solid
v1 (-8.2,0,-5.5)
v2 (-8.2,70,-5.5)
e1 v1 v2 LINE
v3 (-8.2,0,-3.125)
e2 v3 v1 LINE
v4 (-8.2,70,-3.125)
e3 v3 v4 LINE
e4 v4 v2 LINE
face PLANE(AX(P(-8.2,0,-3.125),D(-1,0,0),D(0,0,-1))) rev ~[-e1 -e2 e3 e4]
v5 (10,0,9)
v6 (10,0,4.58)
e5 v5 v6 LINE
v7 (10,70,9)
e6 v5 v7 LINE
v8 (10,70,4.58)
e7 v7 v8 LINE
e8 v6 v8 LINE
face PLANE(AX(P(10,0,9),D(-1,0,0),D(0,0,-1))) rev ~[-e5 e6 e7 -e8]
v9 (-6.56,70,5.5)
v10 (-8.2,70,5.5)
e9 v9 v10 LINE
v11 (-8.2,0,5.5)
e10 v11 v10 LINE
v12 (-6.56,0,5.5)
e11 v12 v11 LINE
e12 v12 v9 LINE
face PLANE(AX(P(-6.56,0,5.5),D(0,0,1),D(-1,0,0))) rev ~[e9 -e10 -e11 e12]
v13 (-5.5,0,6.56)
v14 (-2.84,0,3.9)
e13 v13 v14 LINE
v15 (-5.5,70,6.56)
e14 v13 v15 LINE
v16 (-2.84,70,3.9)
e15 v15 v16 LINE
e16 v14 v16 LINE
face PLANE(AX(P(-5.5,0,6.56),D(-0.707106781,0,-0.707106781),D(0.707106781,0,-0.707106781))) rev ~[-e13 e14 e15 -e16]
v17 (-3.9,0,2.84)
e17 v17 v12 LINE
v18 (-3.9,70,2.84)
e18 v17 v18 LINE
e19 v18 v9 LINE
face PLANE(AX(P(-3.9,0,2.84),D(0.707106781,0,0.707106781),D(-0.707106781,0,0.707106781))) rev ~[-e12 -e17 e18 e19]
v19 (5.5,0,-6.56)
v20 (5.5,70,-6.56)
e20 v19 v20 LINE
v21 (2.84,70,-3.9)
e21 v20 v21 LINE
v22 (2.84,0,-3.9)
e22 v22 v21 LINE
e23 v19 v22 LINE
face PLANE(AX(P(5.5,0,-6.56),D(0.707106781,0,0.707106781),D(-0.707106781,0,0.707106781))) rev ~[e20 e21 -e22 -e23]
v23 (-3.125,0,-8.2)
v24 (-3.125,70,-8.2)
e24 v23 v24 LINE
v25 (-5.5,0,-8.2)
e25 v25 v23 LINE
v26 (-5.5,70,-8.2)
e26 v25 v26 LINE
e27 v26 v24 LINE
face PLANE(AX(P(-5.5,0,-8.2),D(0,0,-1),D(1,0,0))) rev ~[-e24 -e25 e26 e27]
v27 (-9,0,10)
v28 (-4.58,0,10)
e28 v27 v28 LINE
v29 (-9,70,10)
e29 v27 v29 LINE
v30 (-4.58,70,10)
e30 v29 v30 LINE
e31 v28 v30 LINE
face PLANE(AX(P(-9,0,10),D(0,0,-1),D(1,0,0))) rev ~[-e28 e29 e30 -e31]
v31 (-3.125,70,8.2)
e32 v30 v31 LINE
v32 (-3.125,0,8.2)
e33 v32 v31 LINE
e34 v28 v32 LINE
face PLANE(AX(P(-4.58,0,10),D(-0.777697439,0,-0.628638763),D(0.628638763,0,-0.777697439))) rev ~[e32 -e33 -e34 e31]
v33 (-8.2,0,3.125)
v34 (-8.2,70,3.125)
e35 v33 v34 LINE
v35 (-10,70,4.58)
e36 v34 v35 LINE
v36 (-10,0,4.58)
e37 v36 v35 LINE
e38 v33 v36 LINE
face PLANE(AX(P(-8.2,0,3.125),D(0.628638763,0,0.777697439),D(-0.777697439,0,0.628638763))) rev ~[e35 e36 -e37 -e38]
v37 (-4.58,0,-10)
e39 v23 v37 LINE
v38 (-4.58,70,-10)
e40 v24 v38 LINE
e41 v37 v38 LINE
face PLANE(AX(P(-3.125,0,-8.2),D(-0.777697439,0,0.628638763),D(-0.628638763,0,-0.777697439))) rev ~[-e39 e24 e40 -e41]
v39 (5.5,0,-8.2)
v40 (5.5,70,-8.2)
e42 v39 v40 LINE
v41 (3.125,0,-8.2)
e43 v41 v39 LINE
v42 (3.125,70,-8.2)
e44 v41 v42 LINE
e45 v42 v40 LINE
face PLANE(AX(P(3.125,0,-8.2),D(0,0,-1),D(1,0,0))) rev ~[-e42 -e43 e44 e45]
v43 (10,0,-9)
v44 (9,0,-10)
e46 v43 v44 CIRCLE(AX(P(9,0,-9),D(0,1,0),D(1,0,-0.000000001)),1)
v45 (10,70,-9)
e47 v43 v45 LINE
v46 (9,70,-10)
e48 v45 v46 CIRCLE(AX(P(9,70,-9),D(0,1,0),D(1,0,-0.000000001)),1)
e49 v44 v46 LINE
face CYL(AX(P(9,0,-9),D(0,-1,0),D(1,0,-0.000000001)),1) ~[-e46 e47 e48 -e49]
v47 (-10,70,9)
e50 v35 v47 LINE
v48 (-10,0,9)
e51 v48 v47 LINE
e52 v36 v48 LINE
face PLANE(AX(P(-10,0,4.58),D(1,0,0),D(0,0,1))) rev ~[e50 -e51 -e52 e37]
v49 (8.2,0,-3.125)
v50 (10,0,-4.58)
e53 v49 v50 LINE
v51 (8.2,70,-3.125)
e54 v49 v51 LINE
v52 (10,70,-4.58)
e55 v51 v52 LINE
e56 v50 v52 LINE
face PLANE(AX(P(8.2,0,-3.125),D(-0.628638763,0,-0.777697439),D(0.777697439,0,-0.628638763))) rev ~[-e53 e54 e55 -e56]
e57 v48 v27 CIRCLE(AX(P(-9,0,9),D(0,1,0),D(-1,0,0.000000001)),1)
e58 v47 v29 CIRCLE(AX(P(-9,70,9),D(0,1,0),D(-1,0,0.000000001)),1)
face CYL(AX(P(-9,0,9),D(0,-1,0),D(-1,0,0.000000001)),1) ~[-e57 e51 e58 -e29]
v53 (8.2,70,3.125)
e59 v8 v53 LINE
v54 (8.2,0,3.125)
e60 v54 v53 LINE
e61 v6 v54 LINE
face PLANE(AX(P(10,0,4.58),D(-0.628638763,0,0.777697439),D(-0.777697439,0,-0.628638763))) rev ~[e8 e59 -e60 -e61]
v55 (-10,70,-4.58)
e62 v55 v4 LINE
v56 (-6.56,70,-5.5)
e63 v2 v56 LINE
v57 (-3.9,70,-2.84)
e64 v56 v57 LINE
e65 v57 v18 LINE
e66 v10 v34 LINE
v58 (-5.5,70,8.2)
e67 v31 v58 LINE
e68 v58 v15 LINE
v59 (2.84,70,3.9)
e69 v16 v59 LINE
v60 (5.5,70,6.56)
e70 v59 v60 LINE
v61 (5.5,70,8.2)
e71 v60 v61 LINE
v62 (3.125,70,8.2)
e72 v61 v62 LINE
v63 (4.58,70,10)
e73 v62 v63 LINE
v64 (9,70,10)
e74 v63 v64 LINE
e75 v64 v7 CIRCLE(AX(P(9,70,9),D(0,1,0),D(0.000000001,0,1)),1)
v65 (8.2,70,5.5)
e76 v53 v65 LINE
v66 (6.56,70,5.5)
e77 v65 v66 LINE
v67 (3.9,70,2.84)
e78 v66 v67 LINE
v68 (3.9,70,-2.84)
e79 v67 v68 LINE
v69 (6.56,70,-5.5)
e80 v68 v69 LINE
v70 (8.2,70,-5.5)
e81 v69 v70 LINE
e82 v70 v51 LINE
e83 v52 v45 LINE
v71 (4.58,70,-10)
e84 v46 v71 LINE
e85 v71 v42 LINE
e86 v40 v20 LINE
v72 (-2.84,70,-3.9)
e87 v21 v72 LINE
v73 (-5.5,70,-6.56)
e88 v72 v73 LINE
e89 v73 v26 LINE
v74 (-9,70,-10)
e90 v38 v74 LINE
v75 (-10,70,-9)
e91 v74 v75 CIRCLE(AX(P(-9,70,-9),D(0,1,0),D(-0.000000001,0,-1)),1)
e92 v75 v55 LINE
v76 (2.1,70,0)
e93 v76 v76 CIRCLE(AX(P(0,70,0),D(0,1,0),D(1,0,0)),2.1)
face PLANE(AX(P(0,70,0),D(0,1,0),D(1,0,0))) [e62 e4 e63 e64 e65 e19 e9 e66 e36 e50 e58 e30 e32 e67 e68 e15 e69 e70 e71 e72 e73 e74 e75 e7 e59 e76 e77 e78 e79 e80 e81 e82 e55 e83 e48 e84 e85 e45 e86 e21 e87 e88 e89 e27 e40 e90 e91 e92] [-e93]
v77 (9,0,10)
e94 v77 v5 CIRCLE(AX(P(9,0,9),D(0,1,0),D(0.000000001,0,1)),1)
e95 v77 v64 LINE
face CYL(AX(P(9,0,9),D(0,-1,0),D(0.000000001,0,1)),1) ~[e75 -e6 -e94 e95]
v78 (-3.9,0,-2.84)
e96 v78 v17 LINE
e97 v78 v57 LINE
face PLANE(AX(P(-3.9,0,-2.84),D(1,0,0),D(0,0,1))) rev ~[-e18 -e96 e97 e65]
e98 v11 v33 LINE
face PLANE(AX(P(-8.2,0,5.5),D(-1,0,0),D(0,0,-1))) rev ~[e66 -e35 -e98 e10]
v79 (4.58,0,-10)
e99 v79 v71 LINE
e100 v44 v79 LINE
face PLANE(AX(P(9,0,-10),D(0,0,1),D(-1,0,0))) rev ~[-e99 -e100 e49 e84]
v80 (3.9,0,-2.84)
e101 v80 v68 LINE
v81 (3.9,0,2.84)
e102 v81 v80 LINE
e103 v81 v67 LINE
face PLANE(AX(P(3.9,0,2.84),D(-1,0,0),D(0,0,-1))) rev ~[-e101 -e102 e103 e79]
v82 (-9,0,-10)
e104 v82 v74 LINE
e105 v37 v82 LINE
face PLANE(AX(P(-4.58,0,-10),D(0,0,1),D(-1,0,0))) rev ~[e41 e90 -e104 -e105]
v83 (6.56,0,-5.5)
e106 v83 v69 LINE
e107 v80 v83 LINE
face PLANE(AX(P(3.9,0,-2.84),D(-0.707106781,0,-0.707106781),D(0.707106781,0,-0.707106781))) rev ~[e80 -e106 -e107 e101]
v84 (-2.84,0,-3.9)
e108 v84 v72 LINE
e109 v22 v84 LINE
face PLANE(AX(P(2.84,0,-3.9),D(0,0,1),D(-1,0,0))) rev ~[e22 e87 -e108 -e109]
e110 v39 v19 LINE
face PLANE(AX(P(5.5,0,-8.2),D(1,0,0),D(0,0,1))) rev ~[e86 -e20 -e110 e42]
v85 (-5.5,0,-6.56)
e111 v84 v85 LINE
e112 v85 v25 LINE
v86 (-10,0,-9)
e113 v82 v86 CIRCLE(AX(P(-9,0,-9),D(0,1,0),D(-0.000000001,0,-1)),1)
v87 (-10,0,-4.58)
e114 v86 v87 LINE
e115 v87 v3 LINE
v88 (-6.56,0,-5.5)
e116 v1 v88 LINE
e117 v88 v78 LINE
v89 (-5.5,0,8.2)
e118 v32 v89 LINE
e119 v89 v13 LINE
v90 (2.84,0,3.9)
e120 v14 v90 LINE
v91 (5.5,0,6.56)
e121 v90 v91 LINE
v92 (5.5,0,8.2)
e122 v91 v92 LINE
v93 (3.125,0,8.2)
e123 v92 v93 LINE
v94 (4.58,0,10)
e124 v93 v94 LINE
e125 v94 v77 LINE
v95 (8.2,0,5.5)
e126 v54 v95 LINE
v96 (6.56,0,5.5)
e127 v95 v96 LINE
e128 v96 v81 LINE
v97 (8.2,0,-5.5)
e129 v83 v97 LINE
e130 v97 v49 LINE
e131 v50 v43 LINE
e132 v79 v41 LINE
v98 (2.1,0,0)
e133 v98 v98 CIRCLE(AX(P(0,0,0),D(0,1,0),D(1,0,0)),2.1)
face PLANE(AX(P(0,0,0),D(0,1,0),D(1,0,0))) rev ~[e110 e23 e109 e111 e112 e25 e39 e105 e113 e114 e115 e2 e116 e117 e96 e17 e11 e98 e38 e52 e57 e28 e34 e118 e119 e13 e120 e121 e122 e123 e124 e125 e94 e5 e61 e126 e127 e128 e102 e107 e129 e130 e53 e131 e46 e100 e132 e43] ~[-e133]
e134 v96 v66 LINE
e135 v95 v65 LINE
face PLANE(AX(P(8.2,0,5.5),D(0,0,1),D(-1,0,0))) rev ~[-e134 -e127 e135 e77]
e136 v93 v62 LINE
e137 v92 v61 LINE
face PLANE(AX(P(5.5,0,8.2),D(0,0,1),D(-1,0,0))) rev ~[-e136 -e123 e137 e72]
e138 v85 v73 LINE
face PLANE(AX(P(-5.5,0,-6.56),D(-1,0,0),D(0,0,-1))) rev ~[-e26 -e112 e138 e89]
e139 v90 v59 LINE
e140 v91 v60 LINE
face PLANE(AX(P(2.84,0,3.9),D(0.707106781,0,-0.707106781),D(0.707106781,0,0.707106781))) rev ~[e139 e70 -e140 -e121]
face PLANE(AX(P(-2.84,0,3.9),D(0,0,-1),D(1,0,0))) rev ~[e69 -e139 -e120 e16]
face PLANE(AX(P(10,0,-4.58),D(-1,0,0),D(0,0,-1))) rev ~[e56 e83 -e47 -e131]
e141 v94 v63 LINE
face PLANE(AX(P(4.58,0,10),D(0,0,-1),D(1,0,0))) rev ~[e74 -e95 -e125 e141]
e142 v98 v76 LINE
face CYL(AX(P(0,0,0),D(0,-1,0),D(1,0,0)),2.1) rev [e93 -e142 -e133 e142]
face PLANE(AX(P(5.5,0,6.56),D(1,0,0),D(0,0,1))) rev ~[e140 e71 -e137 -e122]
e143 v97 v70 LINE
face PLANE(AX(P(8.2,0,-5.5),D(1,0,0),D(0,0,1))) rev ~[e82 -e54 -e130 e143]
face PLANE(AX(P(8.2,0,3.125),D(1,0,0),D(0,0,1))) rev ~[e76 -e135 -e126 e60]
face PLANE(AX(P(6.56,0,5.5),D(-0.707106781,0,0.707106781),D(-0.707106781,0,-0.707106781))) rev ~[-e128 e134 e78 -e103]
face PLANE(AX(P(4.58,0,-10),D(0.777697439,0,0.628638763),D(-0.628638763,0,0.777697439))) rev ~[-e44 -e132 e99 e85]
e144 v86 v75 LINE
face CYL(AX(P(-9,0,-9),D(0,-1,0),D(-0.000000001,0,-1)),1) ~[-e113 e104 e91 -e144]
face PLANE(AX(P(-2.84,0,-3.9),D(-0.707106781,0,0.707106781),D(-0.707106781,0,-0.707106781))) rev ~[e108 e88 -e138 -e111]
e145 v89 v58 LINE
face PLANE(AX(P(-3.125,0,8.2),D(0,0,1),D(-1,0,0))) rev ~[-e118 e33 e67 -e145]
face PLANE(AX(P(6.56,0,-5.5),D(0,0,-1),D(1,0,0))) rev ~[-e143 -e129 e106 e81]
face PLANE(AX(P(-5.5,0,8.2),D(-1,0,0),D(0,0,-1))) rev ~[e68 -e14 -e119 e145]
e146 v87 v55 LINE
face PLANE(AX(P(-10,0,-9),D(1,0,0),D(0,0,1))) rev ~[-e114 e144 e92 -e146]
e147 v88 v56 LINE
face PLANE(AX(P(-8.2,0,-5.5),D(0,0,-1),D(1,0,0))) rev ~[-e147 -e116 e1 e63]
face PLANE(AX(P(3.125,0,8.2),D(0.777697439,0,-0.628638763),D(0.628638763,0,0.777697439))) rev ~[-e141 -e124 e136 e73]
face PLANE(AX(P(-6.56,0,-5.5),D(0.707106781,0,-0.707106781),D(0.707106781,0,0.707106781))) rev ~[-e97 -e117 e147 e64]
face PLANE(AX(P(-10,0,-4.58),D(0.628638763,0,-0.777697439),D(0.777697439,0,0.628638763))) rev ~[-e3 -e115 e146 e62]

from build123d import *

# Parameters (mm, degrees)
SKETCH1_R           = 2.1
BOSS_EXTRUDE1_DEPTH = 70


with BuildPart() as part:
    # Sketch1 → Boss-Extrude1 (new body)
    with BuildSketch(Plane(origin=(0, 0, 0), x_dir=(1, 0, 0), z_dir=(0, 1, 0))):
        with BuildLine():
            Line((-5.5, 8.2), (-3.125, 8.2))
            Line((-3.125, 8.2), (-4.58, 10))
            Line((-4.58, 10), (-9, 10))
            ThreePointArc((-9, 10), (-9.707106781, 9.707106781), (-10, 9))
            Line((-10, 9), (-10, 4.58))
            Line((-10, 4.58), (-8.2, 3.125))
            Line((-8.2, 3.125), (-8.2, 5.5))
            Line((-8.2, 5.5), (-6.56, 5.5))
            Line((-6.56, 5.5), (-3.9, 2.84))
            Line((-3.9, 2.84), (-3.9, -2.84))
            Line((-3.9, -2.84), (-6.56, -5.5))
            Line((-6.56, -5.5), (-8.2, -5.5))
            Line((-8.2, -5.5), (-8.2, -3.125))
            Line((-8.2, -3.125), (-10, -4.58))
            Line((-10, -4.58), (-10, -9))
            ThreePointArc((-10, -9), (-9.707106781, -9.707106781), (-9, -10))
            Line((-9, -10), (-4.58, -10))
            Line((-4.58, -10), (-3.125, -8.2))
            Line((-3.125, -8.2), (-5.5, -8.2))
            Line((-5.5, -8.2), (-5.5, -6.56))
            Line((-5.5, -6.56), (-2.84, -3.9))
            Line((-2.84, -3.9), (2.84, -3.9))
            Line((2.84, -3.9), (5.5, -6.56))
            Line((5.5, -6.56), (5.5, -8.2))
            Line((5.5, -8.2), (3.125, -8.2))
            Line((3.125, -8.2), (4.58, -10))
            Line((4.58, -10), (9, -10))
            ThreePointArc((9, -10), (9.707106781, -9.707106781), (10, -9))
            Line((10, -9), (10, -4.58))
            Line((10, -4.58), (8.2, -3.125))
            Line((8.2, -3.125), (8.2, -5.5))
            Line((8.2, -5.5), (6.56, -5.5))
            Line((6.56, -5.5), (3.9, -2.84))
            Line((3.9, -2.84), (3.9, 2.84))
            Line((3.9, 2.84), (6.56, 5.5))
            Line((6.56, 5.5), (8.2, 5.5))
            Line((8.2, 5.5), (8.2, 3.125))
            Line((8.2, 3.125), (10, 4.58))
            Line((10, 4.58), (10, 9))
            ThreePointArc((10, 9), (9.707106781, 9.707106781), (9, 10))
            Line((9, 10), (4.58, 10))
            Line((4.58, 10), (3.125, 8.2))
            Line((3.125, 8.2), (5.5, 8.2))
            Line((5.5, 8.2), (5.5, 6.56))
            Line((5.5, 6.56), (2.84, 3.9))
            Line((2.84, 3.9), (-2.84, 3.9))
            Line((-2.84, 3.9), (-5.5, 6.56))
            Line((-5.5, 6.56), (-5.5, 8.2))
        make_face()
        Circle(SKETCH1_R, mode=Mode.SUBTRACT)
    extrude(amount=BOSS_EXTRUDE1_DEPTH)


solid = part.part
